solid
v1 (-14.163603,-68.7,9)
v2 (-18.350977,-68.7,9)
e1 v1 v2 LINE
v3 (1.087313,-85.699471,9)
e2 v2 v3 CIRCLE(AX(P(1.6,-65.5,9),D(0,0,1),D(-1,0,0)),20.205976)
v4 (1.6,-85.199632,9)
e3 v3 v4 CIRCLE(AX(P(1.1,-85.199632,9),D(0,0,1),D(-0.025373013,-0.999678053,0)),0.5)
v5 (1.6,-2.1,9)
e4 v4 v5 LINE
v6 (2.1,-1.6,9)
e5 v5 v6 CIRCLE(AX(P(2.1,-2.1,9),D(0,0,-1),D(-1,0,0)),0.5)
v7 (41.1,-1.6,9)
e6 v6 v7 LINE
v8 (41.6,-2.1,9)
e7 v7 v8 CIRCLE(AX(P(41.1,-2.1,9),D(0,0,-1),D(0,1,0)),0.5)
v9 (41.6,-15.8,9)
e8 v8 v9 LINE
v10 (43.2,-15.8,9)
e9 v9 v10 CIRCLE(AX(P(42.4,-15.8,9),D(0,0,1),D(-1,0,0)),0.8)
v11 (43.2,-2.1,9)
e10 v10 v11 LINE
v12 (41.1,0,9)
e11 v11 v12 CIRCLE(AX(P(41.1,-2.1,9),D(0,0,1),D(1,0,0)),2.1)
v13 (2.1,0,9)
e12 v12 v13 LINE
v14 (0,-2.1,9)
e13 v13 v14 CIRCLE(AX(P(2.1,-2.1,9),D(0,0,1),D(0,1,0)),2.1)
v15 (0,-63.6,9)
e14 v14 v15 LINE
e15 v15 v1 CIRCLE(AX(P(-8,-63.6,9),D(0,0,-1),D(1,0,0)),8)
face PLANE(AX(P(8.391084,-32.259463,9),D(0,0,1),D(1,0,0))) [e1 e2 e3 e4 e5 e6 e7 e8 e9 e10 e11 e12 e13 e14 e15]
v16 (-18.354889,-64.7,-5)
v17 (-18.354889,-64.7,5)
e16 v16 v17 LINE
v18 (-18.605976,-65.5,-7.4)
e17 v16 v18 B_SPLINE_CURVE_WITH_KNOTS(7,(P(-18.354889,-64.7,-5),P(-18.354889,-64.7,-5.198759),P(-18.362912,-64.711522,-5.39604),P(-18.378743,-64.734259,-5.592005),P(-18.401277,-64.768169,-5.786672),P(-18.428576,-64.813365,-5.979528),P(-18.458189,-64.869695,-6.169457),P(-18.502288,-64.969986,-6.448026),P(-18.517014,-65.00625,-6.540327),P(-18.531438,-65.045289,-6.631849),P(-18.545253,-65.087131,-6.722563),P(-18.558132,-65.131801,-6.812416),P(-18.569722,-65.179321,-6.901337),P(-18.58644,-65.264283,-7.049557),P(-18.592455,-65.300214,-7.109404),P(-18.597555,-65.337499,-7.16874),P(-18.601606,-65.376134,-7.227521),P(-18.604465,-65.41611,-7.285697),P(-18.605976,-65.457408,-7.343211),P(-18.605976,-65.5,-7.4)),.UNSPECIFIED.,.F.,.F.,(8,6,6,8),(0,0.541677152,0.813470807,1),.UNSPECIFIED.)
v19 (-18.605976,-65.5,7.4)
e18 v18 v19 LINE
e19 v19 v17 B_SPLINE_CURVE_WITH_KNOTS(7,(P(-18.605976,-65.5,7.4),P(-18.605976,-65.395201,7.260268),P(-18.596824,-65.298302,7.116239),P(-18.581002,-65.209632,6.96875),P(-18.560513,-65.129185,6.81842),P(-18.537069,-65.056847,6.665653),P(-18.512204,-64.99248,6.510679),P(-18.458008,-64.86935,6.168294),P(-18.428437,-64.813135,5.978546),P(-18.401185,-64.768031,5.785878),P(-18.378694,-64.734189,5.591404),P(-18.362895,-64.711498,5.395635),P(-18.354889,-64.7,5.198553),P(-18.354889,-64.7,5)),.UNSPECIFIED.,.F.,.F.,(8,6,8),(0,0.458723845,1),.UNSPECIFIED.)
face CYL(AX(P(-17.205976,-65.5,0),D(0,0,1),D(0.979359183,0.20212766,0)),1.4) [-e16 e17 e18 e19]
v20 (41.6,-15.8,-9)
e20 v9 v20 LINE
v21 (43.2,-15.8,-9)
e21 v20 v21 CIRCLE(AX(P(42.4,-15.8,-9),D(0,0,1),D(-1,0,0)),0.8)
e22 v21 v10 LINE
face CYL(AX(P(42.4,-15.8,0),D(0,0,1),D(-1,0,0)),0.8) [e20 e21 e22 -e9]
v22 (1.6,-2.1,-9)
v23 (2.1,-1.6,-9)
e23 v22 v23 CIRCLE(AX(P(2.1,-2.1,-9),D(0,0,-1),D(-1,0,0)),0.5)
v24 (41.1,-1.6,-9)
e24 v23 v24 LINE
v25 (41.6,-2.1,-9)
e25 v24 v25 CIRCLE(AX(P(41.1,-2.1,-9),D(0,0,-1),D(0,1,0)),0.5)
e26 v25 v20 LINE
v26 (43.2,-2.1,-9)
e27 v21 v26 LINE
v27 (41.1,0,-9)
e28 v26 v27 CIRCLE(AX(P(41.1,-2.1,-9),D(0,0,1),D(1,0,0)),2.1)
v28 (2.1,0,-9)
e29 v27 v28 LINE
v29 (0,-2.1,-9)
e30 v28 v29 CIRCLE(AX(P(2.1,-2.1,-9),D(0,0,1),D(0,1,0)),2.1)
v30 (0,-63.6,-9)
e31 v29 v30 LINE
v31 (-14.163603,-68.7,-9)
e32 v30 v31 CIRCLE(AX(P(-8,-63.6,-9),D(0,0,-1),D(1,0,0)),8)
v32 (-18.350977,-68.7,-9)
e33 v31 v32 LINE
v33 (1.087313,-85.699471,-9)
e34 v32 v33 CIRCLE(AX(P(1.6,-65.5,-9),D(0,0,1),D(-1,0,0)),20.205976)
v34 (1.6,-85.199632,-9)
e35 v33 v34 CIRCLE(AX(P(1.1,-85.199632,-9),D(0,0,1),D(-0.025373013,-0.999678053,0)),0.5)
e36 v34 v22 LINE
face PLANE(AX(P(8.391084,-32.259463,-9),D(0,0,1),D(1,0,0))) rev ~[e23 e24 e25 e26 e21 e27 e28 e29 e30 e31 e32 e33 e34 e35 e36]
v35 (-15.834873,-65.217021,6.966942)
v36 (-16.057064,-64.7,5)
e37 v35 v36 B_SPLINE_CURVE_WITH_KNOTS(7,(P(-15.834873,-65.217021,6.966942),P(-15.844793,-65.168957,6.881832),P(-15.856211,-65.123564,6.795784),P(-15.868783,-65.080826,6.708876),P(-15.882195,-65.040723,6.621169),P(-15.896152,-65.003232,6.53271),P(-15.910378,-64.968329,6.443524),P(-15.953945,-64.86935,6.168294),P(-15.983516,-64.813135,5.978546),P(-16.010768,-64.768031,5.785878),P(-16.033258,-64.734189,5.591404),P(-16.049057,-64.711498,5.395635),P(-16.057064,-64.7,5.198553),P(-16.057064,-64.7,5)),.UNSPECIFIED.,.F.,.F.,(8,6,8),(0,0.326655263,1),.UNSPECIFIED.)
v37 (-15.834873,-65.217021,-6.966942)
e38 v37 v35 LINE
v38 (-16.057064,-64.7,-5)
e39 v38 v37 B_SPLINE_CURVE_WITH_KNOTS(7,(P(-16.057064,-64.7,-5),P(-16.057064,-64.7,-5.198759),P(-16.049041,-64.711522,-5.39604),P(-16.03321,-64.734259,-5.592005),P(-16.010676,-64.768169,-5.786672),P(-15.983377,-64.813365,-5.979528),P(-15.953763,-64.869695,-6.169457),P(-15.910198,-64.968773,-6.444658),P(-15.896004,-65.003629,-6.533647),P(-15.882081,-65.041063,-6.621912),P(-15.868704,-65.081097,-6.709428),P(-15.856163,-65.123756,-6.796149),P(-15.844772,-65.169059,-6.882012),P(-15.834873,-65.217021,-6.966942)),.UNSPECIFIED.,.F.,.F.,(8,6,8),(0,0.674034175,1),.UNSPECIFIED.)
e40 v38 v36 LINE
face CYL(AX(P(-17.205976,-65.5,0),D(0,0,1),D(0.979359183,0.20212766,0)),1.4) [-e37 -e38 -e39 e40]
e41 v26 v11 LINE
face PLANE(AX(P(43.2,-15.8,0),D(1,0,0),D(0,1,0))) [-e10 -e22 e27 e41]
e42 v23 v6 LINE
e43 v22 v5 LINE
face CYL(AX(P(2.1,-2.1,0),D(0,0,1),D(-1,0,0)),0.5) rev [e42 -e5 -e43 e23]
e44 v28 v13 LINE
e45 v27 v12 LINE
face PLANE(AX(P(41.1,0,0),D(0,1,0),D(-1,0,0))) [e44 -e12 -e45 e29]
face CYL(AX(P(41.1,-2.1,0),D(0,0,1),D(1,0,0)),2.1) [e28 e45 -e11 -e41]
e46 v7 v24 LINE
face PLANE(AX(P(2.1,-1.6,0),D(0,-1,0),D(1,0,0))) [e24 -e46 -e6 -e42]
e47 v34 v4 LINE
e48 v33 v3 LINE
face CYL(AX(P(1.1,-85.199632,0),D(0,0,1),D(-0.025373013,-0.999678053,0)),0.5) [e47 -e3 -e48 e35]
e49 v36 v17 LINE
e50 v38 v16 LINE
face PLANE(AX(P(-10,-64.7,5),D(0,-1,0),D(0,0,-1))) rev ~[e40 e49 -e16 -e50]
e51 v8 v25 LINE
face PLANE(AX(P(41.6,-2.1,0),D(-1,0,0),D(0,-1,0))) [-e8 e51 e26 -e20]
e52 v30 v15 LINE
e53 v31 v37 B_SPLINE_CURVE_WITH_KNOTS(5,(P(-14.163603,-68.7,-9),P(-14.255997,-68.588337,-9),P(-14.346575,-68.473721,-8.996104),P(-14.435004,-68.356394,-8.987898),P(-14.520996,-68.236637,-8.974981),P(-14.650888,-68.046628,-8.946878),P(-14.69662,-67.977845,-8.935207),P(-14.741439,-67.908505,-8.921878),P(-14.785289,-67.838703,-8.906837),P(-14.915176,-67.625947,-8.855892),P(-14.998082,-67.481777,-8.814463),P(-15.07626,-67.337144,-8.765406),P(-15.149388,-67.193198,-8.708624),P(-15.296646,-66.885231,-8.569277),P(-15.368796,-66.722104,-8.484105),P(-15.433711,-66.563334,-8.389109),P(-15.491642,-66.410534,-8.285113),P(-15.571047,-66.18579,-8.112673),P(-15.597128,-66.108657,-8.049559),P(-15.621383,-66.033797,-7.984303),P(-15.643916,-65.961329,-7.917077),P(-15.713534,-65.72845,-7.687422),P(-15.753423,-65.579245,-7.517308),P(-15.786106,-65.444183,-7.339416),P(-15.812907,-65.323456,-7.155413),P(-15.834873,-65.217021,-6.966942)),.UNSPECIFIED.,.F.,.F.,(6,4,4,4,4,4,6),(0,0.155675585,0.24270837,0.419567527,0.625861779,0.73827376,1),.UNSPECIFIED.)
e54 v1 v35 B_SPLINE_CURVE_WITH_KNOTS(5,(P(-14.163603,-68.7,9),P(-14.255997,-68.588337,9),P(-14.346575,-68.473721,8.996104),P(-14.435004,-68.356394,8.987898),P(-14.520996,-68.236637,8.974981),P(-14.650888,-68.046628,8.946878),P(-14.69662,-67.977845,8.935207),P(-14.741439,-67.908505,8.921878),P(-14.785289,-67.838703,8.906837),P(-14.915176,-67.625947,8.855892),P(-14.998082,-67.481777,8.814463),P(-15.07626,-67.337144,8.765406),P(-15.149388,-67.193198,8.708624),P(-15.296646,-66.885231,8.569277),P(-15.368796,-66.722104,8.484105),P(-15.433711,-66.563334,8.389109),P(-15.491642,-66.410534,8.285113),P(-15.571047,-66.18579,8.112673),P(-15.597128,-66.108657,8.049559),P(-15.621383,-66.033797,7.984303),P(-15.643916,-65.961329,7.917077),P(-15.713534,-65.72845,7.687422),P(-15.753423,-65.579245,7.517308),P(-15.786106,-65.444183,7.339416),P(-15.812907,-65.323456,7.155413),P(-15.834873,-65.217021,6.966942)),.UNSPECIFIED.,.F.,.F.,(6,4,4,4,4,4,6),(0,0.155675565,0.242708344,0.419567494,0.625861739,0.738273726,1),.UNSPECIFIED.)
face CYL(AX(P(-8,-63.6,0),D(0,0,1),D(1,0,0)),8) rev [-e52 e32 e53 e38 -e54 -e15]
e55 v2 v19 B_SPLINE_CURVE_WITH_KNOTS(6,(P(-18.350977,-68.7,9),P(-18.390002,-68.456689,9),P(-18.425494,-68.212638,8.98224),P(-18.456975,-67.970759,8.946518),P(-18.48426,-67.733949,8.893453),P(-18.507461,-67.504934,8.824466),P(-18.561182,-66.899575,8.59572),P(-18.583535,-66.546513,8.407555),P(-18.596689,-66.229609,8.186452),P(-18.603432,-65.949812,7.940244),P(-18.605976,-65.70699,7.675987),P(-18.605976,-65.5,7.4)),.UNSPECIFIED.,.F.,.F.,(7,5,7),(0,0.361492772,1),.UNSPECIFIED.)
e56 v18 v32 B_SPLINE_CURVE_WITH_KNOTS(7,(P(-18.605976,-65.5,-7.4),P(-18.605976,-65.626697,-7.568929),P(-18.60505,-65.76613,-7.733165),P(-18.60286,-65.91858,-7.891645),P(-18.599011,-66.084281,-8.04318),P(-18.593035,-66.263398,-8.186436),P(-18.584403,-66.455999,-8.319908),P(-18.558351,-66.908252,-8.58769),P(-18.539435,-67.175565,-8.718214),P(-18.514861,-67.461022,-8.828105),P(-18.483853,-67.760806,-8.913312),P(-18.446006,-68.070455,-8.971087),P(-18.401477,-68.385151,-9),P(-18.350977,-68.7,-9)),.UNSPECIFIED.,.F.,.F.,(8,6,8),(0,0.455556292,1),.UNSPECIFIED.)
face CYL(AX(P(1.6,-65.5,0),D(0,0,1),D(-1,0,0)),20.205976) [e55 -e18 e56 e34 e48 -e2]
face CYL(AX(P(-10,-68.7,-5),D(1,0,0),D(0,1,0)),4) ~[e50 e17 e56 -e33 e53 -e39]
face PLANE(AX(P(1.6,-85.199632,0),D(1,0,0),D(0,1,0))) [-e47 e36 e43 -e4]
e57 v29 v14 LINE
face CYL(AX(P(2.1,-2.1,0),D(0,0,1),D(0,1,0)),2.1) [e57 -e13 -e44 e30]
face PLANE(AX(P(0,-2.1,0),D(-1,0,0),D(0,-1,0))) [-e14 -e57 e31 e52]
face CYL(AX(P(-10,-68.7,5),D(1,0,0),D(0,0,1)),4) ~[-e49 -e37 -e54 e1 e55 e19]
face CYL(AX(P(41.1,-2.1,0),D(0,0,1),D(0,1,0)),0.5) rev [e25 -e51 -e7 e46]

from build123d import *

# Parameters (mm, degrees)
F1_DEPTH = 9
F3_START = -10
F3_DEPTH = 20


with BuildPart() as f1:
    # F0 (on Top) → F1 (new body, symmetric)
    with BuildSketch(Plane.XY):
        with BuildLine():
            ThreePointArc((41.6, -15.8), (42.4, -16.6), (43.2, -15.8))
            Line((43.2, -15.8), (43.2, -2.1))
            ThreePointArc((43.2, -2.1), (42.5849242405, -0.6150757595), (41.1, 0))
            Line((41.1, 0), (2.1, 0))
            ThreePointArc((2.1, 0), (0.6150757595, -0.6150757595), (0, -2.1))
            Line((0, -2.1), (0, -63.6))
            ThreePointArc((0, -63.6), (-7.1872847082, -71.5586113019), (-15.8348734636, -65.2170212766))
            ThreePointArc((-15.8348734636, -65.2170212766), (-17.3482014958, -64.1072430222), (-18.6059763198, -65.5))
            ThreePointArc((-18.6059763198, -65.5), (-12.8679094974, -79.60535621), (1.0873134933, -85.6994710718))
            ThreePointArc((1.0873134933, -85.6994710718), (1.4490392146, -85.5576426968), (1.6, -85.1996320452))
            Line((1.6, -85.1996320452), (1.6, -2.1))
            ThreePointArc((1.6, -2.1), (1.7464466094, -1.7464466094), (2.1, -1.6))
            Line((2.1, -1.6), (41.1, -1.6))
            ThreePointArc((41.1, -1.6), (41.4535533906, -1.7464466094), (41.6, -2.1))
            Line((41.6, -2.1), (41.6, -15.8))
        make_face()
    extrude(amount=F1_DEPTH, both=True)

    # F2 (on Right) → F3 (cut)
    with BuildSketch(Plane.YZ.offset(F3_START)):
        with BuildLine():
            ThreePointArc((-64.7, -5), (-65.8715728753, -7.8284271247), (-68.7, -9))
            Line((-68.7, -9), (-68.7, -10))
            Line((-68.7, -10), (-63.7, -10))
            Line((-63.7, -10), (-63.7, 10))
            Line((-63.7, 10), (-68.7, 10))
            Line((-68.7, 10), (-68.7, 9))
            ThreePointArc((-68.7, 9), (-65.8715728753, 7.8284271247), (-64.7, 5))
            Line((-64.7, 5), (-64.7, -5))
        make_face()
    extrude(amount=-F3_DEPTH, mode=Mode.SUBTRACT)


solid = f1.part
